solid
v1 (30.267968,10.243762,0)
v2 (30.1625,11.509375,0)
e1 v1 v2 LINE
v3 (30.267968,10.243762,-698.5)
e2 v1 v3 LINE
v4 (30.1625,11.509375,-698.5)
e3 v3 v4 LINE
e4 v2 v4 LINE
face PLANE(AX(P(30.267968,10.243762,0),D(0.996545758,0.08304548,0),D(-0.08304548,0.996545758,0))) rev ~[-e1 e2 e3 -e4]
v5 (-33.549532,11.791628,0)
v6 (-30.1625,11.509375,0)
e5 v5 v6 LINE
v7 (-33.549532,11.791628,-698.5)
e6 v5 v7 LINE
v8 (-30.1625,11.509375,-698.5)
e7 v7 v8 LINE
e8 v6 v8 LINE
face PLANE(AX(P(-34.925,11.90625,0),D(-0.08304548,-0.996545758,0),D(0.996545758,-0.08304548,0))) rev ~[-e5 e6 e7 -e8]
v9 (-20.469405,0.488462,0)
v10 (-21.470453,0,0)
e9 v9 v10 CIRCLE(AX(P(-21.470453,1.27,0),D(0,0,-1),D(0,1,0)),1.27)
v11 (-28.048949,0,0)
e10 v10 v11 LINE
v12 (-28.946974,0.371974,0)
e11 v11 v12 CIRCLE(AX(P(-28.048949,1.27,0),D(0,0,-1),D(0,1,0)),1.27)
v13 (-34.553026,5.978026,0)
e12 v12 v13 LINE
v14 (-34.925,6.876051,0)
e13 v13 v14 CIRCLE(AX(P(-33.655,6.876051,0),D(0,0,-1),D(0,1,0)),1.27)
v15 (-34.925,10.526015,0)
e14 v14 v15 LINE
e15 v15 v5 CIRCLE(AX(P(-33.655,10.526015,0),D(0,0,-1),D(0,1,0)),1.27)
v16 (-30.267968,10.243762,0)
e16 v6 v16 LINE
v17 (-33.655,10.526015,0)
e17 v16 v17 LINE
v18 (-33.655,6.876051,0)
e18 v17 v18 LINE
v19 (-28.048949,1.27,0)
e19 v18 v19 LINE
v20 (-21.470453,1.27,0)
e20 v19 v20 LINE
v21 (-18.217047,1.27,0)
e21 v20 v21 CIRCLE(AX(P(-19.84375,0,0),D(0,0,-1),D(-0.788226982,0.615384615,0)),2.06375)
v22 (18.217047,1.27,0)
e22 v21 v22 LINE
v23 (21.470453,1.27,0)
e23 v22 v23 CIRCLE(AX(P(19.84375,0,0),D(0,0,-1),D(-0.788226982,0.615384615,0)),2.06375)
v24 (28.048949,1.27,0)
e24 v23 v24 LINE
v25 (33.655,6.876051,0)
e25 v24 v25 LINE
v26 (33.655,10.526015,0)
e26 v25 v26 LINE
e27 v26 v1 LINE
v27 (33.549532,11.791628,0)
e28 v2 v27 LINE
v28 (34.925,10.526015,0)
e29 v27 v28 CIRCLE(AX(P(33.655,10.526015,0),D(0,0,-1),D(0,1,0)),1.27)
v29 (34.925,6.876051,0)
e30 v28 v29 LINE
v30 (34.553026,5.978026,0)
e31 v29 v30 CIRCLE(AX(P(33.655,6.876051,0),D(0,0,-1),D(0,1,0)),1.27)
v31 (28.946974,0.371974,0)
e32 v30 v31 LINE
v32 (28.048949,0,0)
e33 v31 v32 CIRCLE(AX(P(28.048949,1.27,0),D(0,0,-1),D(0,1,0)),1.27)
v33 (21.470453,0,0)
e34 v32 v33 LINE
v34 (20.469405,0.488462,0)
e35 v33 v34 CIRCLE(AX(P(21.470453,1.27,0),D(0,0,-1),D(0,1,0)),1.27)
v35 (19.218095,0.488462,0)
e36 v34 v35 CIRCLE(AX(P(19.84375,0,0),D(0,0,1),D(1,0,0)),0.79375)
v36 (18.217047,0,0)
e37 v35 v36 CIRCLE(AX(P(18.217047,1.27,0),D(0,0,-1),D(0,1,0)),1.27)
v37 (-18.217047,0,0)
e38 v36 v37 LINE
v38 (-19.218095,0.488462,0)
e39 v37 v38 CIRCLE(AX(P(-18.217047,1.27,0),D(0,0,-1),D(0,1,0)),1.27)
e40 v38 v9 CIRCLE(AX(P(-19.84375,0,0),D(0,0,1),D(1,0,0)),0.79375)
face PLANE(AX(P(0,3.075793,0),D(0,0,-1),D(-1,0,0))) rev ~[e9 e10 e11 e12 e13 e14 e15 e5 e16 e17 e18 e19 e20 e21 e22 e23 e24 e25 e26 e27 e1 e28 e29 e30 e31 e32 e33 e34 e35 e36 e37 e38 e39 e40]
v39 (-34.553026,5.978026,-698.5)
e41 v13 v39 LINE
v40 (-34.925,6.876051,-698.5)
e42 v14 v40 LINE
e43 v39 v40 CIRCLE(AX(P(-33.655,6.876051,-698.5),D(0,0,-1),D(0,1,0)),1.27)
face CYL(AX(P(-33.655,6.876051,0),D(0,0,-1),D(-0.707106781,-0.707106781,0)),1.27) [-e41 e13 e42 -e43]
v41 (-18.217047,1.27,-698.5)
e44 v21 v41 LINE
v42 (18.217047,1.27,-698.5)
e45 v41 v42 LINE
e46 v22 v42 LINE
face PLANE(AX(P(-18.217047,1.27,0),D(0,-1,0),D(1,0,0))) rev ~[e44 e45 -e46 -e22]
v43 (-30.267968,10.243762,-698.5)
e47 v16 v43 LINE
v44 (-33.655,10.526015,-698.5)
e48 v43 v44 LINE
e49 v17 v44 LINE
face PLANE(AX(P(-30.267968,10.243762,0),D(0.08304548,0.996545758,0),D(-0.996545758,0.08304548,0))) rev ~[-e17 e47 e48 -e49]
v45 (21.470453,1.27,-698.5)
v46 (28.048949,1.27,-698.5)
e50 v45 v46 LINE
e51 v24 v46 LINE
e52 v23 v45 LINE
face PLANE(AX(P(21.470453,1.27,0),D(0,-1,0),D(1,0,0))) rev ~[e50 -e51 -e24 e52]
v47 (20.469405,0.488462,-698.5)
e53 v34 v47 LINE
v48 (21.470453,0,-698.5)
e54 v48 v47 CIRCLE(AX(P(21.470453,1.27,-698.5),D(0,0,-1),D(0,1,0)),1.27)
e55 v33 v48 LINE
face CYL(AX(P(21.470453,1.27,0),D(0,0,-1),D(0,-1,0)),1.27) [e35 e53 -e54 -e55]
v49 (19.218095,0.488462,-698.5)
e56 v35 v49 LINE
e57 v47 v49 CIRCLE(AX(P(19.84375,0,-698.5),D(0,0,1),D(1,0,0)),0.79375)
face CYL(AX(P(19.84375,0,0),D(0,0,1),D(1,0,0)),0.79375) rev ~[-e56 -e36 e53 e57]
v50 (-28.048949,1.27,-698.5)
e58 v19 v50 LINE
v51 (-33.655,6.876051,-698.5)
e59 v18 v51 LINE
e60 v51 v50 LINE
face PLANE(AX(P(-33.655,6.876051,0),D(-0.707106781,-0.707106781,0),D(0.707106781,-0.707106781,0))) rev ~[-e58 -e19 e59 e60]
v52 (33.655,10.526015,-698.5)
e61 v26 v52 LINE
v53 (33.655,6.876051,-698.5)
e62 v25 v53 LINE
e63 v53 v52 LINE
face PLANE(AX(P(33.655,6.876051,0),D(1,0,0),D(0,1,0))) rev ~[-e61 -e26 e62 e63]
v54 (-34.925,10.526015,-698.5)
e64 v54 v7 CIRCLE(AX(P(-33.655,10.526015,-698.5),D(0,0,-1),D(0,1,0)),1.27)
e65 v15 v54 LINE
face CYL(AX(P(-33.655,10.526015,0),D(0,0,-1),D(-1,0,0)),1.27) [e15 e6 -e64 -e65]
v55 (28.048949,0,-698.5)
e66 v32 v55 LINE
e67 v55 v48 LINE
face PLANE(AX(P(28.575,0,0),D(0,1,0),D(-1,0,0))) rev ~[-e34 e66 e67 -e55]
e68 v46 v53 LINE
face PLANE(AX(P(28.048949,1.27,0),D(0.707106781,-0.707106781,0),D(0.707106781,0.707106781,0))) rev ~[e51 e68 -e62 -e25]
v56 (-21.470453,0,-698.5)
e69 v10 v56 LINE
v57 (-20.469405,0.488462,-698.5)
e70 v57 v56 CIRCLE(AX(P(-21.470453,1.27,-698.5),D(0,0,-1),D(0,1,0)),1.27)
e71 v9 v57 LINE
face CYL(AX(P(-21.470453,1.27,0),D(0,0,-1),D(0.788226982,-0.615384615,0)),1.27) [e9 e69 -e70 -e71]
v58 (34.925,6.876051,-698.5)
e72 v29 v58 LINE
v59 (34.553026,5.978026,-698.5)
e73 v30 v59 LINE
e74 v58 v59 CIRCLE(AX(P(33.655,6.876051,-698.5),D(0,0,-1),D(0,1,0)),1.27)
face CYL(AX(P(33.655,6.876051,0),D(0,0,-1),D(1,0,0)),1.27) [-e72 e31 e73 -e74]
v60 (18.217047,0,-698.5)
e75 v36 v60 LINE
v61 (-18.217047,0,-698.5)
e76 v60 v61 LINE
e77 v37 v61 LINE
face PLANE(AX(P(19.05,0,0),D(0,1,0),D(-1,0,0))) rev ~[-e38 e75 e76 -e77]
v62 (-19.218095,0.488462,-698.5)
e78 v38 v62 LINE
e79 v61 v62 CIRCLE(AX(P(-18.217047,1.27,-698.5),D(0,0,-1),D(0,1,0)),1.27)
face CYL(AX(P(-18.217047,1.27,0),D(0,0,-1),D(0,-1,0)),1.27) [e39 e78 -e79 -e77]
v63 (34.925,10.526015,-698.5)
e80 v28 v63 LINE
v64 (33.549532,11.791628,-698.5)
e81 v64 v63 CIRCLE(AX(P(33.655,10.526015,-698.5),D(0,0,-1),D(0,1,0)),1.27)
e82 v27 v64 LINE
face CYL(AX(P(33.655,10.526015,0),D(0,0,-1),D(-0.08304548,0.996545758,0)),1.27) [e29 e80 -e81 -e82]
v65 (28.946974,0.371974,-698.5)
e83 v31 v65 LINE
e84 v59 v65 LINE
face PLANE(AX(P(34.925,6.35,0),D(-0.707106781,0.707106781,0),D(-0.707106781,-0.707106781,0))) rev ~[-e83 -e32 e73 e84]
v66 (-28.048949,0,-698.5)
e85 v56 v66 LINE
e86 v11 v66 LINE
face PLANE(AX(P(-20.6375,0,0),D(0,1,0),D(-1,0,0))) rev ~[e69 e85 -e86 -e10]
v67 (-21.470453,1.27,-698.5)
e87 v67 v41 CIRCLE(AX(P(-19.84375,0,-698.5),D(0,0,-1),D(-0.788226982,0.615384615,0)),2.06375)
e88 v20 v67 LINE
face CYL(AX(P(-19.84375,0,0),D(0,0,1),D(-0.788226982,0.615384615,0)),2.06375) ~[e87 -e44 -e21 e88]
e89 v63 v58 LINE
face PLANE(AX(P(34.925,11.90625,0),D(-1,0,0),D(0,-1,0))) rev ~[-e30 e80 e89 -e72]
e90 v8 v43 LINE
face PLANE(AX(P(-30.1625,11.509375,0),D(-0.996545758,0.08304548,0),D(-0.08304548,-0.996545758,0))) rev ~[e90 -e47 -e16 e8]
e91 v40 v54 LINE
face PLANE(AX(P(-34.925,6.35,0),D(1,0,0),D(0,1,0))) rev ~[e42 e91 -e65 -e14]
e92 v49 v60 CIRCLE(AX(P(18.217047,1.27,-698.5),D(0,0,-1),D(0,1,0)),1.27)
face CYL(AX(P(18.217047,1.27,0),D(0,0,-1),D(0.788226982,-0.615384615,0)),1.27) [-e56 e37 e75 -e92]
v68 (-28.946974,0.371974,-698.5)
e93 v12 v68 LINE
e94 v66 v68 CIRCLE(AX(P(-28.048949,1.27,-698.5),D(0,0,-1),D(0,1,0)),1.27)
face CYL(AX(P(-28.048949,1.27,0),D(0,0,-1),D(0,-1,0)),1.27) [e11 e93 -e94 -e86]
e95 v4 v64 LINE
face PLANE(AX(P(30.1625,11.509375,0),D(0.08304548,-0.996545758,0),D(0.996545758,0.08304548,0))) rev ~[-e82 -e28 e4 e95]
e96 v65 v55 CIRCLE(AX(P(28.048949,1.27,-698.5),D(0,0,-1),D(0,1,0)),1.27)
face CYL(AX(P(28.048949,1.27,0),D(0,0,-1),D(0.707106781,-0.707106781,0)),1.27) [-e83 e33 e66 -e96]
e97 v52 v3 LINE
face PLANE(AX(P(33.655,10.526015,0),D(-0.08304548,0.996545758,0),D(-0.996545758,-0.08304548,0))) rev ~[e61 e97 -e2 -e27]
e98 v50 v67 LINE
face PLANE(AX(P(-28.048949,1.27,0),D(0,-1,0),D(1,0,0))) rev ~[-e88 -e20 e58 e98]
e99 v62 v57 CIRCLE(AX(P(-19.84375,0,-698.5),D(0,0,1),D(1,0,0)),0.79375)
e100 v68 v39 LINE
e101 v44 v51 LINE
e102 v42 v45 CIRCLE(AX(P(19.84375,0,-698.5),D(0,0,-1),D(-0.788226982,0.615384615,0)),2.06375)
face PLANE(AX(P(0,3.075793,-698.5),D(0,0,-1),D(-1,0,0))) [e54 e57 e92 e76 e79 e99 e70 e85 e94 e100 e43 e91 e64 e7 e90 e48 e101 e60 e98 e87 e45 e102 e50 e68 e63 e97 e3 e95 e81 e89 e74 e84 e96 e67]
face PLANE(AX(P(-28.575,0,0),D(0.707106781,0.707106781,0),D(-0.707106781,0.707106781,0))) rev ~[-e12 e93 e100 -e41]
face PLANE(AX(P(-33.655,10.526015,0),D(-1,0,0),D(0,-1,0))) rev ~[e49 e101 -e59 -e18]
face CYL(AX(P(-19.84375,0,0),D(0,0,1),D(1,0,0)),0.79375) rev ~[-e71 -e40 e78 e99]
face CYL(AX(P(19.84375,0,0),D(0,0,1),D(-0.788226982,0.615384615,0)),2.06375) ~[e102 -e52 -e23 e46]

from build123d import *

# Parameters (mm, degrees)
EXTRUDE_THIN1_DEPTH = 698.5
FILLET1_R           = 1.27


with BuildPart() as part:
    # Sketch1 → Extrude-Thin1 (new body)
    with BuildSketch(Plane.XY):
        with BuildLine():
            Line((30.1625, 11.509375), (34.925, 11.90625))
            Line((34.925, 11.90625), (34.925, 6.35))
            Line((34.925, 6.35), (28.575, 0))
            Line((28.575, 0), (20.6375, 0))
            ThreePointArc((20.6375, 0), (19.84375, 0.79375), (19.05, 0))
            Line((19.05, 0), (-19.05, 0))
            ThreePointArc((-19.05, 0), (-19.84375, 0.79375), (-20.6375, 0))
            Line((-20.6375, 0), (-28.575, 0))
            Line((-28.575, 0), (-34.925, 6.35))
            Line((-34.925, 6.35), (-34.925, 11.90625))
            Line((-34.925, 11.90625), (-30.1625, 11.509375))
            Line((-30.1625, 11.509375), (-30.267967759, 10.243761887))
            Line((-30.267967759, 10.243761887), (-33.655, 10.526014574))
            Line((-33.655, 10.526014574), (-33.655, 6.876051224))
            Line((-33.655, 6.876051224), (-28.048948776, 1.27))
            Line((-28.048948776, 1.27), (-21.470453434, 1.27))
            ThreePointArc((-21.470453434, 1.27), (-19.84375, 2.06375), (-18.217046566, 1.27))
            Line((-18.217046566, 1.27), (18.217046566, 1.27))
            ThreePointArc((18.217046566, 1.27), (19.84375, 2.06375), (21.470453434, 1.27))
            Line((21.470453434, 1.27), (28.048948776, 1.27))
            Line((28.048948776, 1.27), (33.655, 6.876051224))
            Line((33.655, 6.876051224), (33.655, 10.526014574))
            Line((33.655, 10.526014574), (30.267967759, 10.243761887))
            Line((30.267967759, 10.243761887), (30.1625, 11.509375))
        make_face()
    extrude(amount=-EXTRUDE_THIN1_DEPTH)

    # Fillet1
    fillet1_edges = [part.edges().sort_by_distance(p)[0] for p in [
        (34.925, 11.90625, -349.25),
        (34.925, 6.35, -349.25),
        (28.575, 0, -349.25),
        (20.6375, 0, -349.25),
        (19.05, 0, -349.25),
        (-19.05, 0, -349.25),
        (-20.6375, 0, -349.25),
        (-28.575, 0, -349.25),
        (-34.925, 6.35, -349.25),
        (-34.925, 11.90625, -349.25),
    ]]
    fillet(fillet1_edges, radius=FILLET1_R)


solid = part.part
